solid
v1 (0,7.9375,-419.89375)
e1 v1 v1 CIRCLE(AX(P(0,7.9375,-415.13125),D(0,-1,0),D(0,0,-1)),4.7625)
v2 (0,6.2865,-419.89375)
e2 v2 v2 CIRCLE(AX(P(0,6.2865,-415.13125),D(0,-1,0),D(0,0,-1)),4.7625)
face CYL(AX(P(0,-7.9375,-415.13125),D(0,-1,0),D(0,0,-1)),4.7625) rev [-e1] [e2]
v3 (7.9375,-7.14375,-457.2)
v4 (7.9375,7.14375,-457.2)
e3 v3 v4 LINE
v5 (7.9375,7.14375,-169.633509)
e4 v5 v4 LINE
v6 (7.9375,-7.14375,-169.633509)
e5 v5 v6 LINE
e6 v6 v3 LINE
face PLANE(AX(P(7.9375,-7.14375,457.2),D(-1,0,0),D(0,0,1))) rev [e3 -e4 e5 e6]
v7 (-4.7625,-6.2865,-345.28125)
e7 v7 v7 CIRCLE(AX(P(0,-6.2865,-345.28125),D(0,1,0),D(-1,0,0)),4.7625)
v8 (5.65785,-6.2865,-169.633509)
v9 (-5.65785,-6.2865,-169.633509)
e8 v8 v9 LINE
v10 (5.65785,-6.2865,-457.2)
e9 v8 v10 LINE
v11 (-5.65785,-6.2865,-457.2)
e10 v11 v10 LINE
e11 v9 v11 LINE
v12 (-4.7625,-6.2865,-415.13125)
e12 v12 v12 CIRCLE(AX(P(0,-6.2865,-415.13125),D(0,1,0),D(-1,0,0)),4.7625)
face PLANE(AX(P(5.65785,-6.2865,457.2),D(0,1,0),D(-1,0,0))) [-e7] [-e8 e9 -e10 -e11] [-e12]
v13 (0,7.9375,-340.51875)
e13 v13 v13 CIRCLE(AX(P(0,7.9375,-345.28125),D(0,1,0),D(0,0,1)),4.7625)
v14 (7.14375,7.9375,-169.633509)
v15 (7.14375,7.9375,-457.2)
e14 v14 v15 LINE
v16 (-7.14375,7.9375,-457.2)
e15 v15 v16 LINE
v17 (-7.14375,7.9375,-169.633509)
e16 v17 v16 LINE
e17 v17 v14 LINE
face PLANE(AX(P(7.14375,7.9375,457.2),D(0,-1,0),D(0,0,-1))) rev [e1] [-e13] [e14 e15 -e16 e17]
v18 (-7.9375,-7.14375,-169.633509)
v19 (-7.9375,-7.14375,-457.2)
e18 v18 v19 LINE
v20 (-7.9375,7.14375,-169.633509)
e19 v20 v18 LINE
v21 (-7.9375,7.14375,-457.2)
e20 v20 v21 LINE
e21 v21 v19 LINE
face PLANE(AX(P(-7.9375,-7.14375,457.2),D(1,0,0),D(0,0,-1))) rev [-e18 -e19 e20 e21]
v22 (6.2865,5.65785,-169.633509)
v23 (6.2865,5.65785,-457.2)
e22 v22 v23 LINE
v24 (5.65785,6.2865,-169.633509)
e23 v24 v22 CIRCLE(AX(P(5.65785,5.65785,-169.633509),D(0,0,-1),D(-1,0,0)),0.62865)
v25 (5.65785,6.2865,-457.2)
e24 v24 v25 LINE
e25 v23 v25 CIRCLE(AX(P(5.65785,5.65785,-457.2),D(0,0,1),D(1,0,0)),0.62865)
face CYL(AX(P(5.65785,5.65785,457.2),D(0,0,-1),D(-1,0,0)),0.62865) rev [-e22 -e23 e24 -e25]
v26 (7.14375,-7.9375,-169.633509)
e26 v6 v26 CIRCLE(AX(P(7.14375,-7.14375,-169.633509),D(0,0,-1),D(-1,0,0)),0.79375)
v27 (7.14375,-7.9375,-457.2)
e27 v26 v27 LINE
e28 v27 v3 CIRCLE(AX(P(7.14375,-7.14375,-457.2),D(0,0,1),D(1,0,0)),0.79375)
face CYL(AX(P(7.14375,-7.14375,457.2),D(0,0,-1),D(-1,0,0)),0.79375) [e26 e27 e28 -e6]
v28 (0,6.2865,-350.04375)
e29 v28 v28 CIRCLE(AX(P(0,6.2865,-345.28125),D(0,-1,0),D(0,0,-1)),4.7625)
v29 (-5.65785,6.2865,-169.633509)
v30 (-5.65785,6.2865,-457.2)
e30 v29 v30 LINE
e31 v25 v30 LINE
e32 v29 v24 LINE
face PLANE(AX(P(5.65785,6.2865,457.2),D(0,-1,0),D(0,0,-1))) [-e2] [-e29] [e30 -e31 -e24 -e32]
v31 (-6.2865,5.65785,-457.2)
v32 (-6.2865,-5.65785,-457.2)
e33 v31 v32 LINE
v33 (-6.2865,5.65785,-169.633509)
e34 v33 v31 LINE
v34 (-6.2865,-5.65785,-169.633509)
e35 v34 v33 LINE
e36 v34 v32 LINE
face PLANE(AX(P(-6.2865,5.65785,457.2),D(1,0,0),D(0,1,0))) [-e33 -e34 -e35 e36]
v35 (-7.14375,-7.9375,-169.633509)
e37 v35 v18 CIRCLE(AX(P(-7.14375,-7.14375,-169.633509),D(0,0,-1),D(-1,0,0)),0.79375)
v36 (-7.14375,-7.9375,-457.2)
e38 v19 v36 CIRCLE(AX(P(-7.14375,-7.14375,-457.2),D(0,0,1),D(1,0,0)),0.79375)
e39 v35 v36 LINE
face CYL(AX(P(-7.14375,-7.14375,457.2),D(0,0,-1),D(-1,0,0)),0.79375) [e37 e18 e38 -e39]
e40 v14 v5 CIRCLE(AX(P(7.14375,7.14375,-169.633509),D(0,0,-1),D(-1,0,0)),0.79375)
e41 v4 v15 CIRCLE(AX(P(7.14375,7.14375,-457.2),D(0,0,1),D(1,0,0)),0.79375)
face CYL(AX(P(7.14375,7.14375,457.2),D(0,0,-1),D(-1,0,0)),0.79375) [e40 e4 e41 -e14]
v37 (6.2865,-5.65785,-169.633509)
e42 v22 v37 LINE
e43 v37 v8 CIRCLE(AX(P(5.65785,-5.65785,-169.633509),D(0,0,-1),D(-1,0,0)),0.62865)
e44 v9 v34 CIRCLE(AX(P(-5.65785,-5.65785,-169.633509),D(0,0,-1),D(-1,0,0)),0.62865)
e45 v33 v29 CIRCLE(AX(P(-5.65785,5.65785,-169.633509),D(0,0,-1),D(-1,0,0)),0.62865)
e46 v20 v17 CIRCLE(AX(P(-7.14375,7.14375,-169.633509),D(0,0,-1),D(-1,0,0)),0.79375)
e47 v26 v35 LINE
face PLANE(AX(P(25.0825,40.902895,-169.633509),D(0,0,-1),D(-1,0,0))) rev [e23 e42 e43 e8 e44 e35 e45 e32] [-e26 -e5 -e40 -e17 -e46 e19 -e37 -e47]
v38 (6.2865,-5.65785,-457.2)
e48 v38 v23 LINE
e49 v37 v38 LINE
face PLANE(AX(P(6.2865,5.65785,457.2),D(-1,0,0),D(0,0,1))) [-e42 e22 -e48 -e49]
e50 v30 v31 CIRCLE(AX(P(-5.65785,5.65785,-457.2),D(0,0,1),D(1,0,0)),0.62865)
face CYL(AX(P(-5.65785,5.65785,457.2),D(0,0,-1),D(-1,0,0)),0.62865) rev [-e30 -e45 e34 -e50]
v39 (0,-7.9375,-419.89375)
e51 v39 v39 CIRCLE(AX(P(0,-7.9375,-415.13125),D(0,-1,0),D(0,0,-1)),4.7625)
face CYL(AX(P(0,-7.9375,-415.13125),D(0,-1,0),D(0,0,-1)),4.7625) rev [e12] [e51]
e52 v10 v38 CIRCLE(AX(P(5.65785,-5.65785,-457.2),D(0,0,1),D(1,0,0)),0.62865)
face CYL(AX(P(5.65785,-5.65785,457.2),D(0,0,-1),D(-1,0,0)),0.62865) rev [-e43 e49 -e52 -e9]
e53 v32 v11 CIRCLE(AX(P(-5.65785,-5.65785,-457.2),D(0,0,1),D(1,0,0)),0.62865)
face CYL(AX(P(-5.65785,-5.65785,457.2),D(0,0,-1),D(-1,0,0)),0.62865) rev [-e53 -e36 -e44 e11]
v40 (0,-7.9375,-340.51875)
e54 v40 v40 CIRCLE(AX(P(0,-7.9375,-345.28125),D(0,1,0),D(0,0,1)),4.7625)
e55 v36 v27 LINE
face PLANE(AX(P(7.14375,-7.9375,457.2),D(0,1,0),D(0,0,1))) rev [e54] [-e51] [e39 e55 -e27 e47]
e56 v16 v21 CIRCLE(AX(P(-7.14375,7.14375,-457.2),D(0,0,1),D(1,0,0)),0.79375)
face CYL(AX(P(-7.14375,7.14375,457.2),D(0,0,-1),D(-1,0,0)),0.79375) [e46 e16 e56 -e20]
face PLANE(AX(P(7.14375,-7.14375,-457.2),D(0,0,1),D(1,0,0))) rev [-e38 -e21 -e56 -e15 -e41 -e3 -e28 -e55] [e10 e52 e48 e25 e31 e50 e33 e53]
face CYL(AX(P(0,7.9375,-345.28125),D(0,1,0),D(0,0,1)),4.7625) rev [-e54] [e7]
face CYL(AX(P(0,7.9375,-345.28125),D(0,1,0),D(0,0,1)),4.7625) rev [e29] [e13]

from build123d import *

# Parameters (mm, degrees)
BOSS_EXTRUDE1_DEPTH          = 457.2
BOSS_EXTRUDE1_DEPTH_BACK     = 457.2
F_3_8_0_375_DIAMETER_HOLE1_D = 9.525
F_3_8_0_375_DIAMETER_HOLE2_D = 9.525
SKETCH10_W                   = 777.465907107
SKETCH10_H                   = 78.912238835
CUT_EXTRUDE1_DEPTH           = 33.02


with BuildPart() as part:
    # Sketch4 → Boss-Extrude1 (new, two sides: drawn at the far end of the back side and taken through both)
    with BuildSketch(Plane.XY.offset(-BOSS_EXTRUDE1_DEPTH_BACK)):
        with BuildLine():
            Line((7.9375, -7.14375), (7.9375, 7.14375))
            ThreePointArc((7.9375, 7.14375), (7.705016008, 7.705016008), (7.14375, 7.9375))
            Line((7.14375, 7.9375), (-7.14375, 7.9375))
            ThreePointArc((-7.14375, 7.9375), (-7.705016008, 7.705016008), (-7.9375, 7.14375))
            Line((-7.9375, 7.14375), (-7.9375, -7.14375))
            ThreePointArc((-7.9375, -7.14375), (-7.705016008, -7.705016008), (-7.14375, -7.9375))
            Line((-7.14375, -7.9375), (7.14375, -7.9375))
            ThreePointArc((7.14375, -7.9375), (7.705016008, -7.705016008), (7.9375, -7.14375))
        make_face()
        with BuildLine():
            Line((6.2865, 5.65785), (6.2865, -5.65785))
            ThreePointArc((6.2865, -5.65785), (6.102372678, -6.102372678), (5.65785, -6.2865))
            Line((5.65785, -6.2865), (-5.65785, -6.2865))
            ThreePointArc((-5.65785, -6.2865), (-6.102372678, -6.102372678), (-6.2865, -5.65785))
            Line((-6.2865, -5.65785), (-6.2865, 5.65785))
            ThreePointArc((-6.2865, 5.65785), (-6.102372678, 6.102372678), (-5.65785, 6.2865))
            Line((-5.65785, 6.2865), (5.65785, 6.2865))
            ThreePointArc((5.65785, 6.2865), (6.102372678, 6.102372678), (6.2865, 5.65785))
        make_face(mode=Mode.SUBTRACT)
    extrude(amount=BOSS_EXTRUDE1_DEPTH + BOSS_EXTRUDE1_DEPTH_BACK)

    # 3/8 (0.375) Diameter Hole1 (through all)
    with Locations(Plane(origin=(0, -7.9375, 0), x_dir=(-1, 0, 0), z_dir=(0, -1, 0))):
        with Locations((0, 415.13125)):
            Hole(F_3_8_0_375_DIAMETER_HOLE1_D / 2)

    # 3/8 (0.375) Diameter Hole2 (through all)
    with Locations(Plane(origin=(0, 7.9375, 0), x_dir=(1, 0, 0), z_dir=(0, 1, 0))):
        with Locations((0, 345.28125)):
            Hole(F_3_8_0_375_DIAMETER_HOLE2_D / 2)

    # Sketch10 → Cut-Extrude1 (cut)
    with BuildSketch(Plane.ZY.offset(7.9375)):
        with Locations((219.099444852, 1.446775725)):
            Rectangle(SKETCH10_W, SKETCH10_H)
    extrude(amount=-CUT_EXTRUDE1_DEPTH, mode=Mode.SUBTRACT)


solid = part.part
